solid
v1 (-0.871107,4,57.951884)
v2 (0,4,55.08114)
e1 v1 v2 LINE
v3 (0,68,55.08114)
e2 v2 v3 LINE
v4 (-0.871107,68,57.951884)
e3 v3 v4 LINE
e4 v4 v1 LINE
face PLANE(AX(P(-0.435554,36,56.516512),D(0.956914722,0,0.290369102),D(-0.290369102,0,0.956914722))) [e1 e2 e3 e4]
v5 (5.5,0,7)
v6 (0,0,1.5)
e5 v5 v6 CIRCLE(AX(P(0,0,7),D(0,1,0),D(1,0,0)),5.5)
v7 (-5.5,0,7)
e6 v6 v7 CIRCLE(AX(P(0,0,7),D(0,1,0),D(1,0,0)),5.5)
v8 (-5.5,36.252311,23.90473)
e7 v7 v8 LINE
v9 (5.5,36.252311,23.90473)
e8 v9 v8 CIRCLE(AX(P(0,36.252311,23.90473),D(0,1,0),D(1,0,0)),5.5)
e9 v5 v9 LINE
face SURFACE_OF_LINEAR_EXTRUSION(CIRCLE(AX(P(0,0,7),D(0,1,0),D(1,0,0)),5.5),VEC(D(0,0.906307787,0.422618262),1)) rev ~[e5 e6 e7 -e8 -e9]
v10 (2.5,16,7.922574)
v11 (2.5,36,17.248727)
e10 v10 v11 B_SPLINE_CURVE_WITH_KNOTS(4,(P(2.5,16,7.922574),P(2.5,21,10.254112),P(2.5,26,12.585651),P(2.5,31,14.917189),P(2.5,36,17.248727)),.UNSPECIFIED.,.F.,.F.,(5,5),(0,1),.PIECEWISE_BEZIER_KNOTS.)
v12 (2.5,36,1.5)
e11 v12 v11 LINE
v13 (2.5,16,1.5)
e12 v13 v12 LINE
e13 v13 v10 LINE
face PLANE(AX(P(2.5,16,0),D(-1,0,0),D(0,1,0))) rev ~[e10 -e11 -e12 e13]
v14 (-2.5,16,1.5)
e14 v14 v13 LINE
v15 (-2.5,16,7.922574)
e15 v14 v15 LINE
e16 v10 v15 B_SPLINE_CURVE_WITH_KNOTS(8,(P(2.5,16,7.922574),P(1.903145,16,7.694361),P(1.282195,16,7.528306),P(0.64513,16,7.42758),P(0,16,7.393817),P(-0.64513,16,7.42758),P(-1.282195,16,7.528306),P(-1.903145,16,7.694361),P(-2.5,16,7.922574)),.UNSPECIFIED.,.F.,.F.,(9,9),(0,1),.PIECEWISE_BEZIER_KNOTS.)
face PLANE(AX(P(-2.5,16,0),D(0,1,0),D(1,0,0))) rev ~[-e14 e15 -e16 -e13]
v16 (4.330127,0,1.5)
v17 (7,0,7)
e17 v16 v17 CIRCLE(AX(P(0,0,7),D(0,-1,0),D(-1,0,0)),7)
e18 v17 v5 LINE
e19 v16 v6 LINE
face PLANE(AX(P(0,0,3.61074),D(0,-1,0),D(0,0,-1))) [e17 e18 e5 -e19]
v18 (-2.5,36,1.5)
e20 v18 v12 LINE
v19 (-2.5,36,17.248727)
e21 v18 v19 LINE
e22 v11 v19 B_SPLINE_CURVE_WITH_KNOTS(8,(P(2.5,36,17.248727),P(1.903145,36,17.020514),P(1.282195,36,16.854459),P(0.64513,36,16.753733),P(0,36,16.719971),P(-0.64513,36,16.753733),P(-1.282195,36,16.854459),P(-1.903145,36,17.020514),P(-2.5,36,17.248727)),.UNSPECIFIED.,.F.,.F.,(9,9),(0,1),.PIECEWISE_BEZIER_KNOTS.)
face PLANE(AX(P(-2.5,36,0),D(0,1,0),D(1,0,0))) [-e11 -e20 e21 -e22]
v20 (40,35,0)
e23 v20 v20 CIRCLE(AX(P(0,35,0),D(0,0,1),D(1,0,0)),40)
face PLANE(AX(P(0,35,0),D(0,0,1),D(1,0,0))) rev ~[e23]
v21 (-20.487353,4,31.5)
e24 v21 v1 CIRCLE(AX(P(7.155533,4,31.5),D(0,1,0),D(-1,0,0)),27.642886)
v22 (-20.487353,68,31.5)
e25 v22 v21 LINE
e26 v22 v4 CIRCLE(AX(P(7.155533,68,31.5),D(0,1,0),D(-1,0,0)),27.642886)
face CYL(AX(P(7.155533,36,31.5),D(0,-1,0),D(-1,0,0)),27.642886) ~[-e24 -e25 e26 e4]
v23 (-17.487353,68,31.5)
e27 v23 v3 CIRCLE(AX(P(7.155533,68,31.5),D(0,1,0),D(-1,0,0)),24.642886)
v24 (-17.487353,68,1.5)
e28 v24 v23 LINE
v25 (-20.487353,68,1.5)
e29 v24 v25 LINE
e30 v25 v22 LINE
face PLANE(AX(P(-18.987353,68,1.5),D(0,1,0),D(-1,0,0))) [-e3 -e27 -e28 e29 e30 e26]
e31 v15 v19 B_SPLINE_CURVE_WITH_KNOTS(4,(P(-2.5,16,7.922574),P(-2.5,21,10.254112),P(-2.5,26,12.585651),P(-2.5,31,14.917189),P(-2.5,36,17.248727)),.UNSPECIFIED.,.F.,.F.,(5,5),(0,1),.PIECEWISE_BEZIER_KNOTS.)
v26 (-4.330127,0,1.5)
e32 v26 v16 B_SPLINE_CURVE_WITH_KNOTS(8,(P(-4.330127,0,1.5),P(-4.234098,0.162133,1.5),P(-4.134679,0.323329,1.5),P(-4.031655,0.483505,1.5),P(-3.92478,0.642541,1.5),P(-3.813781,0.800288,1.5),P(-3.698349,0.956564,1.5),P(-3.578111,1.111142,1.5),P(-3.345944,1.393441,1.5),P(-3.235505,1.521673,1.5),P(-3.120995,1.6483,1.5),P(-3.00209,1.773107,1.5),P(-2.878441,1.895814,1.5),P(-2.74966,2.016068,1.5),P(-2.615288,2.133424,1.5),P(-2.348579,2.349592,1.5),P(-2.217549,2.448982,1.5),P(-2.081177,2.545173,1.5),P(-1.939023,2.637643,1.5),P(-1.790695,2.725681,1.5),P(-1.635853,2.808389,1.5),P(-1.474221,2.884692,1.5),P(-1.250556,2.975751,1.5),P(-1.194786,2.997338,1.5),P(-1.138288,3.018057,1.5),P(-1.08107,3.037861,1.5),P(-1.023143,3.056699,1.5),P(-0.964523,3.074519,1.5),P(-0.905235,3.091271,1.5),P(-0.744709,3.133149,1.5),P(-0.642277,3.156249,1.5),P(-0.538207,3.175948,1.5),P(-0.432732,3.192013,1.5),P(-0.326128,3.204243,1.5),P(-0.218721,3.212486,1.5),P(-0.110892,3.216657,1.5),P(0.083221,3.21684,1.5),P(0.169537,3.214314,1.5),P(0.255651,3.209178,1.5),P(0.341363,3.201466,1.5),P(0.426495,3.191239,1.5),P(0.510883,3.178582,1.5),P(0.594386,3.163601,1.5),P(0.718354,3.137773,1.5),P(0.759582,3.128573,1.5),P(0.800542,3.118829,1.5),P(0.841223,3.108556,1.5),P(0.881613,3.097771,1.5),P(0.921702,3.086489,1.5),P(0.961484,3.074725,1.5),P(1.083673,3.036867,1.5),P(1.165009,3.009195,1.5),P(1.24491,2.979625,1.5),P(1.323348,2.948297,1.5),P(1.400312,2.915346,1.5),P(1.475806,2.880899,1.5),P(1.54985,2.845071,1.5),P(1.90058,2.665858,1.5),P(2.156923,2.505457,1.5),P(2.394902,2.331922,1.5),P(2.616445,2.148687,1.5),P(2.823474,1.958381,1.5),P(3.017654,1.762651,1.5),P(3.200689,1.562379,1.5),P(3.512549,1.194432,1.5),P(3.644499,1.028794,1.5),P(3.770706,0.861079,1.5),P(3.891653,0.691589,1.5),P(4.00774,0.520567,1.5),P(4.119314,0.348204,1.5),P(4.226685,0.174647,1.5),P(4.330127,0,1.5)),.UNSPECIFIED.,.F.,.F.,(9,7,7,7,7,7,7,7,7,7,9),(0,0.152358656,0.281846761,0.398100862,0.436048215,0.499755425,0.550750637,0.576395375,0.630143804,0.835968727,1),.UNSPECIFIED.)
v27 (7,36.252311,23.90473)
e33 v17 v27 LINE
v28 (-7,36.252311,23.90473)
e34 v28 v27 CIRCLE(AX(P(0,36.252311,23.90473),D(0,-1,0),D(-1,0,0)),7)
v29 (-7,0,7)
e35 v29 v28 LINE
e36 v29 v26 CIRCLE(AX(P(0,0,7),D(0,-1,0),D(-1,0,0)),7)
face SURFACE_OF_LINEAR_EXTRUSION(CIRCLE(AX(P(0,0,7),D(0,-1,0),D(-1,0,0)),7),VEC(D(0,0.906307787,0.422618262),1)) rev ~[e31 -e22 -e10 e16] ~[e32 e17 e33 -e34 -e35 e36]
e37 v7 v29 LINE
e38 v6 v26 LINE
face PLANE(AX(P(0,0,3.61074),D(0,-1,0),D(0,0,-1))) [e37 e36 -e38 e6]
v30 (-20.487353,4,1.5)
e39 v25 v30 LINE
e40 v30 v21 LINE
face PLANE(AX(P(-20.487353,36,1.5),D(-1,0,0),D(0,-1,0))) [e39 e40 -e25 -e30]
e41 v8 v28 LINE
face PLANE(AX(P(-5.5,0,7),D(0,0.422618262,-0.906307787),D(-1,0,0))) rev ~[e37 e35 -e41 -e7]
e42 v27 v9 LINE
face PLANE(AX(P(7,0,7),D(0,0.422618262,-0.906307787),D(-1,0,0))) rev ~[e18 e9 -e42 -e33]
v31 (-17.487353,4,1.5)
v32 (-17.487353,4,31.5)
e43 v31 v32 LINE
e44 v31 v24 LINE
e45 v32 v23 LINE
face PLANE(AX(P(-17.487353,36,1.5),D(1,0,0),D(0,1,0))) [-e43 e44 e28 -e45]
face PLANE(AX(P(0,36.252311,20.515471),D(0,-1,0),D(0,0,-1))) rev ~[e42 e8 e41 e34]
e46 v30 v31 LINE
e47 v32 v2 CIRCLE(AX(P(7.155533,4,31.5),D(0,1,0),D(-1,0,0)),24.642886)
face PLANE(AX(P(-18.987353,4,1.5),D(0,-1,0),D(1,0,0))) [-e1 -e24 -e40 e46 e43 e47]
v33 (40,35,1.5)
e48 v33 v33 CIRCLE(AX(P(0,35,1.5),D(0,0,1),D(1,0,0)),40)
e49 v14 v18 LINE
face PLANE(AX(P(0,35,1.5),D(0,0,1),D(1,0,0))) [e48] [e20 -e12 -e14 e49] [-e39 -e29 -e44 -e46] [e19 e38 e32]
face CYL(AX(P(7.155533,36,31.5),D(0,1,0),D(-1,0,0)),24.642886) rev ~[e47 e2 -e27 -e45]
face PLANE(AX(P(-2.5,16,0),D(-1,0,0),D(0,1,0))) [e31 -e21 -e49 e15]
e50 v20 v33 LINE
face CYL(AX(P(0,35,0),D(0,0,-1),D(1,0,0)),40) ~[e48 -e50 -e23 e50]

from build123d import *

# Parameters (mm, degrees)
F3_W     = 5
F3_H     = 20
F3_R     = 40
F5_DEPTH = 1.5
F6_W     = 3
F6_H     = 64


with BuildPart() as f2:
    # F2: sweep along a path in F1
    with BuildLine(Plane.YZ) as f2_path:
        Line((0, 0), (36.2523114815, 16.9047304696))
    # F0 (on Front) → F2 (sweep)
    with BuildSketch(Plane.XZ):
        with BuildLine():
            Line((-5.5, 7), (-7, 7))
            ThreePointArc((-7, 7), (0, 0), (7, 7))
            Line((7, 7), (5.5, 7))
            ThreePointArc((5.5, 7), (0, 1.5), (-5.5, 7))
        make_face()
    sweep(path=f2_path.line)

    # F3 (on Top) → F4 (join, up to the next surface of F2)
    with BuildSketch(Plane.XY):
        with Locations((0, 26)):
            Rectangle(F3_W, F3_H)
    extrude(until=Until.NEXT)

    # F3 (on Top) → F5 (join)
    with BuildSketch(Plane.XY):
        with Locations((0, 35)):
            Circle(F3_R)
        with Locations((0, 26)):
            Rectangle(F3_W, F3_H, mode=Mode.SUBTRACT)
    extrude(amount=F5_DEPTH)

    # F9: sweep along a path in F8
    with BuildLine(Plane.XZ.offset(-68)) as f9_path:
        Line((-17.4873532057, 1.5), (-17.4873532057, 31.5))
        ThreePointArc((-17.4873532057, 31.5), (-12.6384664104, 46.1788768101), (0, 55.08114025))
    # F6 (on face) → F9 (sweep)
    with BuildSketch(Plane.XY.offset(1.5)):
        with Locations((-18.9873532057, 36)):
            Rectangle(F6_W, F6_H)
    sweep(path=f9_path.line)


solid = f2.part
